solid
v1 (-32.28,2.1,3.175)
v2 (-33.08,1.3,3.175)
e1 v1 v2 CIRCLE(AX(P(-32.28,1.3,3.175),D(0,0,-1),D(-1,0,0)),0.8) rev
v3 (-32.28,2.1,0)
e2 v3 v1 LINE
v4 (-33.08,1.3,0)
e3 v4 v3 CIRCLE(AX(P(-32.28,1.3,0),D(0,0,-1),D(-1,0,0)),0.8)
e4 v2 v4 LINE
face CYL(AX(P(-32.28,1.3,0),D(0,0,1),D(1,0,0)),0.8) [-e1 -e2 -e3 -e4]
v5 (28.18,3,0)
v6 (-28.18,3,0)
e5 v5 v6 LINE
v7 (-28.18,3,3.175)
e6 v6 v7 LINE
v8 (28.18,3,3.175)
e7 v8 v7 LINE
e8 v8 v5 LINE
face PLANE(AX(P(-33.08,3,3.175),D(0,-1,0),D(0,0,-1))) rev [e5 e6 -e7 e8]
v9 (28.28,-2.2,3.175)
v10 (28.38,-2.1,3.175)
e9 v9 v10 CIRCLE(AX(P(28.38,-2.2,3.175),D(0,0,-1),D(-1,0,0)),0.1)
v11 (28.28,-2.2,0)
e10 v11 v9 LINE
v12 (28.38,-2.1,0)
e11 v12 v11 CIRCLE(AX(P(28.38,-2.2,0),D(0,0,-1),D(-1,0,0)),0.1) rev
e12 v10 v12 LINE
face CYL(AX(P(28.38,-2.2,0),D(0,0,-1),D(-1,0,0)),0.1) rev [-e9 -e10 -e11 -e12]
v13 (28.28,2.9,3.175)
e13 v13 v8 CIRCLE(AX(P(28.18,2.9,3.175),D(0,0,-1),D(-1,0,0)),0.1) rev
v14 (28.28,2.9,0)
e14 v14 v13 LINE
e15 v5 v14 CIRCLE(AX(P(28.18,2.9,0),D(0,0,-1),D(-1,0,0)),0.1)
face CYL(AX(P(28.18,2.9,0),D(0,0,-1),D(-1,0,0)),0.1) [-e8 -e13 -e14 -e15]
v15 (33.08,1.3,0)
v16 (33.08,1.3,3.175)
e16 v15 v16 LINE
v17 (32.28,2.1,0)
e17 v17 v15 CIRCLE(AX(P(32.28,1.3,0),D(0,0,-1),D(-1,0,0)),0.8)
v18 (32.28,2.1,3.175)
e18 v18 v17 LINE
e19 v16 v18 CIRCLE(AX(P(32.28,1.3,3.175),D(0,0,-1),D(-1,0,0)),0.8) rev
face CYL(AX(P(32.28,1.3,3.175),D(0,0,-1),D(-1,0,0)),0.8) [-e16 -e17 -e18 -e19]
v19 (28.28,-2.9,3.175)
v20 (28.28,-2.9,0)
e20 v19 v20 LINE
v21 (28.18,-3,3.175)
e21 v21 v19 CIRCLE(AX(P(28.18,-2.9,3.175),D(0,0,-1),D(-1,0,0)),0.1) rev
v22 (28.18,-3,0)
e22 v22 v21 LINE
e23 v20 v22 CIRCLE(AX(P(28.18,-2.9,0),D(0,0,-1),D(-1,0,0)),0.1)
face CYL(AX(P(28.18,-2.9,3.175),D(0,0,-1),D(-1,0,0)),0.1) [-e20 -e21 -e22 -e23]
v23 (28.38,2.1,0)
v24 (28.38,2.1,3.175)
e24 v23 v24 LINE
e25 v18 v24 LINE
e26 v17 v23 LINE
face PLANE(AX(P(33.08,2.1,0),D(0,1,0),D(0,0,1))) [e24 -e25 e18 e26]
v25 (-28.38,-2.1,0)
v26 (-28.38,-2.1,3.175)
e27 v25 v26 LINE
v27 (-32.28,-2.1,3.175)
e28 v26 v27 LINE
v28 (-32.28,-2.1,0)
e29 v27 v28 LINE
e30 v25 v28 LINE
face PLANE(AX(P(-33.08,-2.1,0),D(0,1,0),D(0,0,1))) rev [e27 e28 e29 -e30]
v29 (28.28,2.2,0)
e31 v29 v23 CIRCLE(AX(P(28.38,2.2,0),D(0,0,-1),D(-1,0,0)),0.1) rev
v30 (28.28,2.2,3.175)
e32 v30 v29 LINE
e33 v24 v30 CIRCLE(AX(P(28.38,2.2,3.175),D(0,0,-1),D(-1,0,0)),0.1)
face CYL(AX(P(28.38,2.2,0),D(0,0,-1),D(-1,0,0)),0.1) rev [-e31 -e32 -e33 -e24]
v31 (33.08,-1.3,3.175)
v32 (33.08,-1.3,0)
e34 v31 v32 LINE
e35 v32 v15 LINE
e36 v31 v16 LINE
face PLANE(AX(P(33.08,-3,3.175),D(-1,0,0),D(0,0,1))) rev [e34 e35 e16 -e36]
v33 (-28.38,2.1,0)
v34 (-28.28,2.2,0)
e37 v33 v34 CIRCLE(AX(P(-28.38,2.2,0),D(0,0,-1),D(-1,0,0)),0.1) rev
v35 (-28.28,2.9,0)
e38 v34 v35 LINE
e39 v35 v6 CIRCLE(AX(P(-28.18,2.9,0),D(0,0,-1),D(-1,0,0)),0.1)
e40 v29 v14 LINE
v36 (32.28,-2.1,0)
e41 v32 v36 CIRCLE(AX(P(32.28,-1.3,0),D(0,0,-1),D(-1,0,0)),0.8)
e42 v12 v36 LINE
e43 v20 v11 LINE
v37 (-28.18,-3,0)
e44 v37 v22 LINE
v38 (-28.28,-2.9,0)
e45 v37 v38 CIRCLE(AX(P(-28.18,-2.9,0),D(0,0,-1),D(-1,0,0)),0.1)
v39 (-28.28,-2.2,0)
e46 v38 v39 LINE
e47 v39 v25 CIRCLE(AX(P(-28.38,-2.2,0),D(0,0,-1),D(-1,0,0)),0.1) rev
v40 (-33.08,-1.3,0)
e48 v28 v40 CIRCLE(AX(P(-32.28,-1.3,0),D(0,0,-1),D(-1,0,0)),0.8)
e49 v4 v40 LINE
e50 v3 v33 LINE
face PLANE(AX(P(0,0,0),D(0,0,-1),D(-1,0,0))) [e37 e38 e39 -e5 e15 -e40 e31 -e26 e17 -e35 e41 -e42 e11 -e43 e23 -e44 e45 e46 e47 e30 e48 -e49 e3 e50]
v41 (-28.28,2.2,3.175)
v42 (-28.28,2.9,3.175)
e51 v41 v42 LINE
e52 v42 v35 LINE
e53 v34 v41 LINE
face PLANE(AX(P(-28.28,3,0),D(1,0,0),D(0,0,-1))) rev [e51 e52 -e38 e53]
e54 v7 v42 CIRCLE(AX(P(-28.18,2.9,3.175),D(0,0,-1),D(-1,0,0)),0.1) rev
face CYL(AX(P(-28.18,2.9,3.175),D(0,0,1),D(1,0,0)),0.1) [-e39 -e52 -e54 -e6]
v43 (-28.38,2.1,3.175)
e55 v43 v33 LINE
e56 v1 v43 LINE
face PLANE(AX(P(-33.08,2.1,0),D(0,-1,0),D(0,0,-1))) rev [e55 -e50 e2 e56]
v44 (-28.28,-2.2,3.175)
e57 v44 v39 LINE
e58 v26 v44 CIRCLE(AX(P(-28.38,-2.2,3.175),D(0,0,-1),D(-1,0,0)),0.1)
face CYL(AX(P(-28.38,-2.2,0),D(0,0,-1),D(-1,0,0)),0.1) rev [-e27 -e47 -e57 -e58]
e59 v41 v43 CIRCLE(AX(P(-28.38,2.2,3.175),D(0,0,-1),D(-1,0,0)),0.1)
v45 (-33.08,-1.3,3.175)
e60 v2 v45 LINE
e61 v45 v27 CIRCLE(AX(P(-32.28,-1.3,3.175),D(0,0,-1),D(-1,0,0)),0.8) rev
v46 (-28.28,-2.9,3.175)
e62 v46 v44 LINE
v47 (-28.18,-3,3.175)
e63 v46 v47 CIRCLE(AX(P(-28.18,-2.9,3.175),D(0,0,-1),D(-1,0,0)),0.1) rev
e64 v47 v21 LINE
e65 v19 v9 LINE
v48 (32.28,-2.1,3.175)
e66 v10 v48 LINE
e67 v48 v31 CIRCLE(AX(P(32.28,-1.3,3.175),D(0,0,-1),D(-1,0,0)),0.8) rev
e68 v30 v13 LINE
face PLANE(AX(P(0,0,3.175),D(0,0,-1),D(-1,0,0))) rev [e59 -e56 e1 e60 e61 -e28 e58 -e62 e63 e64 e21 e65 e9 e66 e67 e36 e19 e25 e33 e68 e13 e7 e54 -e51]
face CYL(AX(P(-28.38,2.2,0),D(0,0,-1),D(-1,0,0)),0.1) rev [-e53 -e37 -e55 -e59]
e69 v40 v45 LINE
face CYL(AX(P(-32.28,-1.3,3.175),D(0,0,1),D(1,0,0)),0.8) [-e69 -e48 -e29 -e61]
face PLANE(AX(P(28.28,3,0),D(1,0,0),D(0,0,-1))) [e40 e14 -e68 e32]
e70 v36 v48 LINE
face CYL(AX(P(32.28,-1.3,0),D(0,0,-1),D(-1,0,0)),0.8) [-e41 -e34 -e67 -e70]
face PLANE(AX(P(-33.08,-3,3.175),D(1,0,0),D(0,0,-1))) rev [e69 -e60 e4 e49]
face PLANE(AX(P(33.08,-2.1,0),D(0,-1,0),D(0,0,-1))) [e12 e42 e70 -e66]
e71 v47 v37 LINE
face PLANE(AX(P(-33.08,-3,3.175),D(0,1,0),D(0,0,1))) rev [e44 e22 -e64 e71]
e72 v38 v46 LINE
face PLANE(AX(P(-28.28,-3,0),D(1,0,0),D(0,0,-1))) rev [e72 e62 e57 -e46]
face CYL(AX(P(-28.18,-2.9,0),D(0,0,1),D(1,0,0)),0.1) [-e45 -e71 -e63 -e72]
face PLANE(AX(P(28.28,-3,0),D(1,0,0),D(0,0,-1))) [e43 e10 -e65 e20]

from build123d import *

# Parameters (mm, degrees)
SKETCH1_W           = 66.16
SKETCH1_H           = 6
BOSS_EXTRUDE1_DEPTH = 3.175
SKETCH3_W           = 4.8
SKETCH3_H           = 0.9
CUT_EXTRUDE1_DEPTH  = 34.367154883
FILLET1_R           = 0.8
FILLET2_R           = 0.1


with BuildPart() as part:
    # Sketch1 → Boss-Extrude1 (new body)
    with BuildSketch(Plane.XY):
        Rectangle(SKETCH1_W, SKETCH1_H)
    extrude(amount=BOSS_EXTRUDE1_DEPTH)

    # Sketch3 → Cut-Extrude1 (cut, through all)
    with BuildSketch(Plane.XY.offset(3.175)):
        with Locations((-30.68, 2.55)):
            Rectangle(SKETCH3_W, SKETCH3_H)
        with Locations((-30.68, -2.55)):
            Rectangle(SKETCH3_W, SKETCH3_H)
    cut_extrude1 = extrude(amount=-CUT_EXTRUDE1_DEPTH, mode=Mode.SUBTRACT)

    # Mirror1: Cut-Extrude1 across plane
    add(cut_extrude1.mirror(Plane(origin=(0, 0, 0), x_dir=(0, 0, 1), z_dir=(1, 0, 0))), mode=Mode.SUBTRACT)

    # Fillet1
    fillet1_edges = [part.edges().sort_by_distance(p)[0] for p in [
        (-33.08, 2.1, 1.5875),
        (-33.08, -2.1, 1.5875),
        (33.08, 2.1, 1.5875),
        (33.08, -2.1, 1.5875),
    ]]
    fillet(fillet1_edges, radius=FILLET1_R)

    # Fillet2
    fillet2_edges = [part.edges().sort_by_distance(p)[0] for p in [
        (-28.28, 3, 1.5875),
        (-28.28, 2.1, 1.5875),
        (-28.28, -2.1, 1.5875),
        (-28.28, -3, 1.5875),
        (28.28, 2.1, 1.5875),
        (28.28, 3, 1.5875),
        (28.28, -3, 1.5875),
        (28.28, -2.1, 1.5875),
    ]]
    fillet(fillet2_edges, radius=FILLET2_R)


solid = part.part
